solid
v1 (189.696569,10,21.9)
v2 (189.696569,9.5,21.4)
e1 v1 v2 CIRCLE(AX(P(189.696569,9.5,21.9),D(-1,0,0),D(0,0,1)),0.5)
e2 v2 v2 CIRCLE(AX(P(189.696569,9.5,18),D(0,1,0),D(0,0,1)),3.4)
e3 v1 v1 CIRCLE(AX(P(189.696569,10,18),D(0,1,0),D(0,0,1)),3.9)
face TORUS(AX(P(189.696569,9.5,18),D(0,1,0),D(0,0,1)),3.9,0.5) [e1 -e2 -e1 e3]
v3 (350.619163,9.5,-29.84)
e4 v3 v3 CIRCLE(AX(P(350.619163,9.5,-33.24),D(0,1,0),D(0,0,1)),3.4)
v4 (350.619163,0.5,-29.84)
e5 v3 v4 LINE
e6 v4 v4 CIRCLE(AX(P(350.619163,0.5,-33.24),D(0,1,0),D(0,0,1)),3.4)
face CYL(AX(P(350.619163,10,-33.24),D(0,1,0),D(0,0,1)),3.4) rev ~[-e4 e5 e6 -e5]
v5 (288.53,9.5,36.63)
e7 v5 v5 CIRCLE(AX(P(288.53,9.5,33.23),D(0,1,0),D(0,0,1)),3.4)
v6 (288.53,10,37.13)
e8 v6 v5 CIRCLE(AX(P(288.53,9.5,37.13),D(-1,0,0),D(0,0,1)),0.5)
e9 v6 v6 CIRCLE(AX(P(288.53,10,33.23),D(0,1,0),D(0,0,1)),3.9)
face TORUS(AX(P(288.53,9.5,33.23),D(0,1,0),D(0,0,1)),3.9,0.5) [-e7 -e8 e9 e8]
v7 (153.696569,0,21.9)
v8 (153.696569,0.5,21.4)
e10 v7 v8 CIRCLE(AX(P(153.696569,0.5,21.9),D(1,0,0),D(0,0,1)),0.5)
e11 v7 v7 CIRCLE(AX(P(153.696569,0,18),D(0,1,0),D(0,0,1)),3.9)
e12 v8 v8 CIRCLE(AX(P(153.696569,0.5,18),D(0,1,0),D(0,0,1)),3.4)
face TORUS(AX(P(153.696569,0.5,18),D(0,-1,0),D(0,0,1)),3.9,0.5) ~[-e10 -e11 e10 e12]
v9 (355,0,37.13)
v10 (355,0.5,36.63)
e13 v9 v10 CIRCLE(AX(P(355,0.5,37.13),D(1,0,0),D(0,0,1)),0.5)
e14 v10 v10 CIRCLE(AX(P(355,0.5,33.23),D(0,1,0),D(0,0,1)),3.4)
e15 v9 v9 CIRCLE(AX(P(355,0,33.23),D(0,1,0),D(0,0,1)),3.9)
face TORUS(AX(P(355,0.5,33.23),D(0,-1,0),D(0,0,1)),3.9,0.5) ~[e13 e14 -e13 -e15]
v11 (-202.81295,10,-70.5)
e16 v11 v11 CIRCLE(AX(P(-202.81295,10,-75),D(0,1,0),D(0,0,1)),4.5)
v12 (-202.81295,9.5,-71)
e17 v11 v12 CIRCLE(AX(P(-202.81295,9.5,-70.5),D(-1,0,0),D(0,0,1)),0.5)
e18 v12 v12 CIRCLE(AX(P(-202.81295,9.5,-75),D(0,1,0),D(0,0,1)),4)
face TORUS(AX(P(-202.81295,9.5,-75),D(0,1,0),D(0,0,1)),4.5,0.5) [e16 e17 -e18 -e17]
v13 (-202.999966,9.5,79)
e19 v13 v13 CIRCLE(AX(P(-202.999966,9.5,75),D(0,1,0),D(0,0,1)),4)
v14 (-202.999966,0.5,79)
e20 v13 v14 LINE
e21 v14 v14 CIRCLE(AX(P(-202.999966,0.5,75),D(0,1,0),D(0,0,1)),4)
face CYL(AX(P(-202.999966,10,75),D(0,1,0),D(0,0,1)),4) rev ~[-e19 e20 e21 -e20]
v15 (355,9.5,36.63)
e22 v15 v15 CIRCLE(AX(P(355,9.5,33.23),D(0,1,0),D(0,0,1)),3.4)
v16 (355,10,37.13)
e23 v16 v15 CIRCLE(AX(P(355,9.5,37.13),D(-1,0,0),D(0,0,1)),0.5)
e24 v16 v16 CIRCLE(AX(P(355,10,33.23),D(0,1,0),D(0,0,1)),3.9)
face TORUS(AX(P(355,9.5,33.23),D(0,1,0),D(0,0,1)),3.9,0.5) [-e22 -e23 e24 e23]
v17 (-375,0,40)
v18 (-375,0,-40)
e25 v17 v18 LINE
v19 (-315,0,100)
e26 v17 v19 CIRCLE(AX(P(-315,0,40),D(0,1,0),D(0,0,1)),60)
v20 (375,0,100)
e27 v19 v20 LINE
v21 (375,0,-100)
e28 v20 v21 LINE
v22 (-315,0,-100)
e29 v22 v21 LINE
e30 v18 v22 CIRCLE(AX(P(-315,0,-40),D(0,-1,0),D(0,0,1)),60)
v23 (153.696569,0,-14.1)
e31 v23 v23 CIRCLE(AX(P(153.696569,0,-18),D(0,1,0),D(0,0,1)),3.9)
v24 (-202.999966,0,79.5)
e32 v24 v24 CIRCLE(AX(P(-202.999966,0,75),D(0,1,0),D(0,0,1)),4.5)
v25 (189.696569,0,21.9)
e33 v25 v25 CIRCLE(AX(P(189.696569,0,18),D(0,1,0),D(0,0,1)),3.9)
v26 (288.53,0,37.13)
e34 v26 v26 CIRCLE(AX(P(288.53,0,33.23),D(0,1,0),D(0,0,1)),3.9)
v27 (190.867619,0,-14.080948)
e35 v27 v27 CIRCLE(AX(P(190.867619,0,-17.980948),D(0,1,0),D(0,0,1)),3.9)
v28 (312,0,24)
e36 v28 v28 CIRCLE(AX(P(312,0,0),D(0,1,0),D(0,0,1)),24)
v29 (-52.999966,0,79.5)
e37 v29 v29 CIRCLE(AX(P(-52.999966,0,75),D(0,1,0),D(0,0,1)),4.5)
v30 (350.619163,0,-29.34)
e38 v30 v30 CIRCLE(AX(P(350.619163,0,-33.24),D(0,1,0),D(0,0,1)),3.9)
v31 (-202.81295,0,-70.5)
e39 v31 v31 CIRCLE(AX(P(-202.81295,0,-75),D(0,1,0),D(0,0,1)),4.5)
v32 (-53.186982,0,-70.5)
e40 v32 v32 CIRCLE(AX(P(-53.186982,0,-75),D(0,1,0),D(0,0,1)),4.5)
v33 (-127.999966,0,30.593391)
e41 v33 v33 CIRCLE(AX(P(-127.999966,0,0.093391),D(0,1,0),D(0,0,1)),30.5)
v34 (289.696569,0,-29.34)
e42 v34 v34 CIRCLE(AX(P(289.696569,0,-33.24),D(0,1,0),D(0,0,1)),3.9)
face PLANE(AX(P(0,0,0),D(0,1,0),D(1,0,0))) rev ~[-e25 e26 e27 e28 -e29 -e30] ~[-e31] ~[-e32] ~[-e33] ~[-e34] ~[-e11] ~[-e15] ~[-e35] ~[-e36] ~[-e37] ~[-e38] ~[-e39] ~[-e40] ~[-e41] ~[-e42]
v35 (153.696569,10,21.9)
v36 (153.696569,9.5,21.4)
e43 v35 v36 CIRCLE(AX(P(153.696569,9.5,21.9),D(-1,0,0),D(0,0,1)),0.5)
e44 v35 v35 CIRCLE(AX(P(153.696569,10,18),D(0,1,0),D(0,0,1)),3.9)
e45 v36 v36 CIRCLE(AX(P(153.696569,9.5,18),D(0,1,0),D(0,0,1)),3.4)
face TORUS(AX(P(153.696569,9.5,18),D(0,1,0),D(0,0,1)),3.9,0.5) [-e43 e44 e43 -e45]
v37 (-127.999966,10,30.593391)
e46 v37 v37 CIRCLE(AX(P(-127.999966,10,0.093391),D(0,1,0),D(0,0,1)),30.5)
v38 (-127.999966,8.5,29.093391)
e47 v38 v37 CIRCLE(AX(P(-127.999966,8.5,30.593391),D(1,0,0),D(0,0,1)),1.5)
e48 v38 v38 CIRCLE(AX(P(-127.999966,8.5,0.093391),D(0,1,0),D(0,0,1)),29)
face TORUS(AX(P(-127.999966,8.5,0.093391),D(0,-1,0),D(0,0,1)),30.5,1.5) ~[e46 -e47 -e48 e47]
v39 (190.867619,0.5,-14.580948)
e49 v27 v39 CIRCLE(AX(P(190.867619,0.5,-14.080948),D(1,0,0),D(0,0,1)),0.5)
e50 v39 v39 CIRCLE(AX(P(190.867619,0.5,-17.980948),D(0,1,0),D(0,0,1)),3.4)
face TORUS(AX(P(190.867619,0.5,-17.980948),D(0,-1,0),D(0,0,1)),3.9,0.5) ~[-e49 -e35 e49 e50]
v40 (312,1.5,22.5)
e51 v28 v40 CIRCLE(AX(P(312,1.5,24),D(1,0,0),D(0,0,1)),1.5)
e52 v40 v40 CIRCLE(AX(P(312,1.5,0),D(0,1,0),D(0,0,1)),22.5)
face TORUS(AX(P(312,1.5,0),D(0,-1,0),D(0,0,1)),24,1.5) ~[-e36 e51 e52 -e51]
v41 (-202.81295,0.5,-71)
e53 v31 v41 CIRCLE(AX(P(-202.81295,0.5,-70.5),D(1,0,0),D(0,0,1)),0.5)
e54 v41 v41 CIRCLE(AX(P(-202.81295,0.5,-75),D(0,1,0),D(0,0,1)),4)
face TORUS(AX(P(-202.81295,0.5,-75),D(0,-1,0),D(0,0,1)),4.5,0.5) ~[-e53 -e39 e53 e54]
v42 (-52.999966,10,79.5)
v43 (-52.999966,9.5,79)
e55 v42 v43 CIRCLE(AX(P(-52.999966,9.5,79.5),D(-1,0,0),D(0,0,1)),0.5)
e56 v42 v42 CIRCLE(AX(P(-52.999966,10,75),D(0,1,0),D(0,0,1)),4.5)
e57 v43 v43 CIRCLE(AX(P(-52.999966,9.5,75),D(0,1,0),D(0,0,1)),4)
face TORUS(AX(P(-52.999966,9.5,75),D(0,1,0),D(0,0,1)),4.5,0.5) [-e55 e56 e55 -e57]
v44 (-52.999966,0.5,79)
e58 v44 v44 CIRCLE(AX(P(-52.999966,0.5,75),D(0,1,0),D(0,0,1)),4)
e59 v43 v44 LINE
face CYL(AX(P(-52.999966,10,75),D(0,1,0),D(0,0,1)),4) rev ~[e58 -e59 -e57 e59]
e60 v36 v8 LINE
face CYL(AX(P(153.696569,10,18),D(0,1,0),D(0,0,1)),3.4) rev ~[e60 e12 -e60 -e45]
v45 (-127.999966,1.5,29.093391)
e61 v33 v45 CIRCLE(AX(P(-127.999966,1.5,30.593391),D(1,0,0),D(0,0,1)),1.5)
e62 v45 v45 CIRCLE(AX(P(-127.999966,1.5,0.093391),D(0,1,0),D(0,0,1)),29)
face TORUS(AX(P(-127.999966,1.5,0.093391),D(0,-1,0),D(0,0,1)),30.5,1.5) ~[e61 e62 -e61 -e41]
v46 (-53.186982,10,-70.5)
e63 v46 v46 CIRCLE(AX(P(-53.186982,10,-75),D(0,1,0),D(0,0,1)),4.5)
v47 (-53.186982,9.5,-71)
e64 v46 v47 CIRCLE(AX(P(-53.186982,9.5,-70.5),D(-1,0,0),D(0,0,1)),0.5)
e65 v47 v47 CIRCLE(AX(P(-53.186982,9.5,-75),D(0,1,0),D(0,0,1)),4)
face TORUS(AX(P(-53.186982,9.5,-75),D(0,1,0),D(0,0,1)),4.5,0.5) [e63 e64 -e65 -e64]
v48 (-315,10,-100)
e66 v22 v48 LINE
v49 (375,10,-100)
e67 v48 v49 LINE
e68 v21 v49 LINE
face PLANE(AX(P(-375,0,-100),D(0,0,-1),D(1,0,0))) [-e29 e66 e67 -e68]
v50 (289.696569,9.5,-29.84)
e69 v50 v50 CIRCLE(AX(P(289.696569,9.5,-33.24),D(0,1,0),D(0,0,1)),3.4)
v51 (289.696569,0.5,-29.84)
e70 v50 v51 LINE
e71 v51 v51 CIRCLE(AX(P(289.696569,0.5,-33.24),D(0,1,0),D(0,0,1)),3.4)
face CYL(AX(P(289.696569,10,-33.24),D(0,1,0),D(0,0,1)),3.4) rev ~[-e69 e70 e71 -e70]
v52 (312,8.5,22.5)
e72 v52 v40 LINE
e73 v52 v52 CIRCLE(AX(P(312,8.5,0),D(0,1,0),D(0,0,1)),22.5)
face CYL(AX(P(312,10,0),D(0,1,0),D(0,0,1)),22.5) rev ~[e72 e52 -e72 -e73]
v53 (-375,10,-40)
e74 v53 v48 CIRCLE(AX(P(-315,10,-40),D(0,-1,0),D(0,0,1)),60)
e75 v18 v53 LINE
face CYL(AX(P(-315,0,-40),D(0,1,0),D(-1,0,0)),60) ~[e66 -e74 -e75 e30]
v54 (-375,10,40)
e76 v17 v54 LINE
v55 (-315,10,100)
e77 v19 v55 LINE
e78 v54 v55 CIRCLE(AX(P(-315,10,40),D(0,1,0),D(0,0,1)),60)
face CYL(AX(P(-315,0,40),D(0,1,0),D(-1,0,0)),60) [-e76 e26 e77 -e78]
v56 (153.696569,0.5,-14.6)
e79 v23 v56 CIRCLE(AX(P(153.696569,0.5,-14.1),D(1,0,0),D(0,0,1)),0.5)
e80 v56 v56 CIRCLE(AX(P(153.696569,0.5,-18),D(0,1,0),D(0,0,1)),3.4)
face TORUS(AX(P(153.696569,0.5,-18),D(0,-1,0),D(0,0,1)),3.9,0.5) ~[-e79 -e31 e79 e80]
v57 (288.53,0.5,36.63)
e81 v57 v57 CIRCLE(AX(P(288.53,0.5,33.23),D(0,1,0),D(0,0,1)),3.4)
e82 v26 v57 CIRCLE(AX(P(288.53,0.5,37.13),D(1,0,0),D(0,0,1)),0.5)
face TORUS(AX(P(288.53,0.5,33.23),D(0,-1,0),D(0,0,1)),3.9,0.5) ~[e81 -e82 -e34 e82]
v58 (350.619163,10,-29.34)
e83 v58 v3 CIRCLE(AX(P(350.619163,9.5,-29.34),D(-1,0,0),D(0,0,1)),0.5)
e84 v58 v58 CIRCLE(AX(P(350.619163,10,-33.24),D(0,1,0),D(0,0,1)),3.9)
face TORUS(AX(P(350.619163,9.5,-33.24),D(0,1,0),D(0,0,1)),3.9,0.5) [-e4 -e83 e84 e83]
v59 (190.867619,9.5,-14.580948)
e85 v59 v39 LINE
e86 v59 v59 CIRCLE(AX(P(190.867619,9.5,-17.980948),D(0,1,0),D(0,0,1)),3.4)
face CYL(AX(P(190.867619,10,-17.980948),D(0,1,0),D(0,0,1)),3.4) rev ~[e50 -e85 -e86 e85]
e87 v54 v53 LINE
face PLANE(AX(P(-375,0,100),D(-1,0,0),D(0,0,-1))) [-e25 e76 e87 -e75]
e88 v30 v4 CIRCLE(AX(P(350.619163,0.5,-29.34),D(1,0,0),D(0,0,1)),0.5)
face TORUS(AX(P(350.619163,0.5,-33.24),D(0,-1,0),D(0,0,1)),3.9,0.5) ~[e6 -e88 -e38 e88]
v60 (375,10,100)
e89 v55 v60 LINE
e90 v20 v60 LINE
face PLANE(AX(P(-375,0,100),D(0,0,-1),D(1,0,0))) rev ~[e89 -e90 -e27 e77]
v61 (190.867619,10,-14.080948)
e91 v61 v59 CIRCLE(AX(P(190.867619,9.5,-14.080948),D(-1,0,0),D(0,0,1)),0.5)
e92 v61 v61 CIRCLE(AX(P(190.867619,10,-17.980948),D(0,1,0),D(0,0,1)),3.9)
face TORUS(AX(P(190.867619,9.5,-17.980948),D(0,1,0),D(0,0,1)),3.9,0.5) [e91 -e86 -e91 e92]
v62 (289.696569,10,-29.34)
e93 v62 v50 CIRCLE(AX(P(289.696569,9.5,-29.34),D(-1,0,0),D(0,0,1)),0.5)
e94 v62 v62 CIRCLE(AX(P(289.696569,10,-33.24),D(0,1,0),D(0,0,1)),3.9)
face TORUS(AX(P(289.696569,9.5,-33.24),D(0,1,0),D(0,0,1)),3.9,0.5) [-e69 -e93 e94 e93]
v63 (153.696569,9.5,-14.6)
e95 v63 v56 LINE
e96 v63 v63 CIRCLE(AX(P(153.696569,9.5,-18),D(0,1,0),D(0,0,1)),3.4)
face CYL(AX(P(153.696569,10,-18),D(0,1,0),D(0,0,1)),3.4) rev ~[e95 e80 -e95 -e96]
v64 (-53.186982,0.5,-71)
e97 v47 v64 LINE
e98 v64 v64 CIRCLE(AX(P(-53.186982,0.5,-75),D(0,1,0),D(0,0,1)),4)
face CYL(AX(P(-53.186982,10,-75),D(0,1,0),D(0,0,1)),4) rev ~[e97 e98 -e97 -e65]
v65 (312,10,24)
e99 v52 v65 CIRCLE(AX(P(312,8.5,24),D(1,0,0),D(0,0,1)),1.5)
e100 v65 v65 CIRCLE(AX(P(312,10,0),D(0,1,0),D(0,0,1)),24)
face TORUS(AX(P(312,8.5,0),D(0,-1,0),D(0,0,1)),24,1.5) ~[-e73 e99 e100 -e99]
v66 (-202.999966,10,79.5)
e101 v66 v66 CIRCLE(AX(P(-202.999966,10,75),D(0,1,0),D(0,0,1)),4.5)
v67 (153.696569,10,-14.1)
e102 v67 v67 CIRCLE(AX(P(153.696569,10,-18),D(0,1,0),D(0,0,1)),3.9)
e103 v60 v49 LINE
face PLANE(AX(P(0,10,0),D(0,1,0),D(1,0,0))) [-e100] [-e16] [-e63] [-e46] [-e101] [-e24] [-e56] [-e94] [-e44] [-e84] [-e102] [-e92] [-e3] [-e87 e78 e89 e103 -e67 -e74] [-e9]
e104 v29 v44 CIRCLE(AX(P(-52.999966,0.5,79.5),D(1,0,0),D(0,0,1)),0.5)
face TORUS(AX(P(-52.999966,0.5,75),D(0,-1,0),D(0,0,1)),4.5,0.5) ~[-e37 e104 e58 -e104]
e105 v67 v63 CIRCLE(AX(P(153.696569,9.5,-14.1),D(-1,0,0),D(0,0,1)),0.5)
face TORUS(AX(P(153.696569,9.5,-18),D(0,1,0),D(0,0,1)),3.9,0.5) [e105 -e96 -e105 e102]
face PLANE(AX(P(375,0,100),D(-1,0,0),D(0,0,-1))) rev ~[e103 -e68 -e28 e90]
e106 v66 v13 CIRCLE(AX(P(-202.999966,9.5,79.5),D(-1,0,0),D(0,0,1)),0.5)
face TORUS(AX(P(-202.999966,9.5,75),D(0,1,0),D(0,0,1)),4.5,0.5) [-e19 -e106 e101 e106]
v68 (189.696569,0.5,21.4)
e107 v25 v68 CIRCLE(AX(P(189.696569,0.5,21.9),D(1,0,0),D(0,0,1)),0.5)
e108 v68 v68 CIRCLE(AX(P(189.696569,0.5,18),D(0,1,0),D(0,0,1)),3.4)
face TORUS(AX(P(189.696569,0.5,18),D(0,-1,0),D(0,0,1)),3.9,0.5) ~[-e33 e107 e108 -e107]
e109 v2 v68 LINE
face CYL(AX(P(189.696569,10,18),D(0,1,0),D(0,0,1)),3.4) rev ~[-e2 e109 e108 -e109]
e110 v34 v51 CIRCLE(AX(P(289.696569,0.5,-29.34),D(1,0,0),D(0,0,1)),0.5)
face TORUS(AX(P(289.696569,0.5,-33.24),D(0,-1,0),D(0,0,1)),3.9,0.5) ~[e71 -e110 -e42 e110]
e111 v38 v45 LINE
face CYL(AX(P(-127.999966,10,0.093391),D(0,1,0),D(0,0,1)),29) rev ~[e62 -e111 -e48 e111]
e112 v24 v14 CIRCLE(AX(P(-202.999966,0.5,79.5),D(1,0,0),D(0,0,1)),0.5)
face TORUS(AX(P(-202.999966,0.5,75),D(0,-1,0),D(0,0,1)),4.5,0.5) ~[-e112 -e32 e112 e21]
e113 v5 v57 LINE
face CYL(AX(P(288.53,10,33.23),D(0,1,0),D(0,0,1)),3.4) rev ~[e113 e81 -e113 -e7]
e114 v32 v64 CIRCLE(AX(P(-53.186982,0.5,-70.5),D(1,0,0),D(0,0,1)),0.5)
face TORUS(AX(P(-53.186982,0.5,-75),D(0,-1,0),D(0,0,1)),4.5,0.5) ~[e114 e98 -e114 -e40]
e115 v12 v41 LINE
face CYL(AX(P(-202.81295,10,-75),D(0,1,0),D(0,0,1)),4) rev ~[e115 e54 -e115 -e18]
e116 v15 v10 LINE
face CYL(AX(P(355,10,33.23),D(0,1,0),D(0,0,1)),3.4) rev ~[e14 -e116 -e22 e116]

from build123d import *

# Parameters (mm, degrees)
SKETCH3_W           = 750
SKETCH3_H           = 200
BOSS_EXTRUDE1_DEPTH = 10
SKETCH6_R           = 29
SKETCH6_R_2         = 3.4
SKETCH6_R_3         = 22.5
SKETCH6_R_4         = 4
CUT_EXTRUDE1_DEPTH  = 20
FILLET6_R           = 60
FILLET7_R           = 0.5
FILLET8_R           = 1.5


with BuildPart() as part:
    # Sketch3 → Boss-Extrude1 (new body)
    with BuildSketch(Plane(origin=(0, 0, 0), x_dir=(1, 0, 0), z_dir=(0, 1, 0))):
        Rectangle(SKETCH3_W, SKETCH3_H)
    extrude(amount=BOSS_EXTRUDE1_DEPTH)

    # Sketch6 → Cut-Extrude1 (cut)
    with BuildSketch(Plane(origin=(0, 10, 0), x_dir=(1, 0, 0), z_dir=(0, 1, 0))):
        with Locations(Location((-127.99996593, -0.09339148, 0), (0, 0, 270))):
            Circle(SKETCH6_R)
        with Locations(Location((153.696568915, -18, 0), (0, 0, 270))):
            Circle(SKETCH6_R_2)
        with Locations(Location((153.696568915, 18, 0), (0, 0, 270))):
            Circle(SKETCH6_R_2)
        with Locations(Location((190.867618998, 17.980948316, 0), (0, 0, 270))):
            Circle(SKETCH6_R_2)
        with Locations(Location((189.696568915, -18, 0), (0, 0, 270))):
            Circle(SKETCH6_R_2)
        with Locations(Location((288.53, -33.23, 0), (0, 0, 270))):
            Circle(SKETCH6_R_2)
        with Locations(Location((289.696568915, 33.24, 0), (0, 0, 270))):
            Circle(SKETCH6_R_2)
        with Locations(Location((350.619163081, 33.24, 0), (0, 0, 270))):
            Circle(SKETCH6_R_2)
        with Locations(Location((355, -33.23, 0), (0, 0, 270))):
            Circle(SKETCH6_R_2)
        with Locations(Location((312, 0, 0), (0, 0, 270))):
            Circle(SKETCH6_R_3)
        with Locations(Location((-52.99996593, -75, 0), (0, 0, 270))):
            Circle(SKETCH6_R_4)
        with Locations(Location((-202.99996593, -75, 0), (0, 0, 270))):
            Circle(SKETCH6_R_4)
        with Locations(Location((-202.812949803, 75, 0), (0, 0, 270))):
            Circle(SKETCH6_R_4)
        with Locations(Location((-53.186982056, 75, 0), (0, 0, 270))):
            Circle(SKETCH6_R_4)
    extrude(amount=-CUT_EXTRUDE1_DEPTH, mode=Mode.SUBTRACT)

    # Fillet6
    fillet6_edges = [part.edges().sort_by_distance(p)[0] for p in [
        (-375, 5, 100),
        (-375, 5, -100),
    ]]
    fillet(fillet6_edges, radius=FILLET6_R)

    # Fillet7
    fillet7_edges = [part.edges().sort_by_distance(p)[0] for p in [
        (153.696568915, 0, -21.4),
        (153.696568915, 10, -21.4),
        (153.696568915, 0, 14.6),
        (153.696568915, 10, 14.6),
        (190.867618998, 0, -21.380948316),
        (190.867618998, 10, -21.380948316),
        (189.696568915, 0, 14.6),
        (189.696568915, 10, 14.6),
        (288.53, 0, 29.83),
        (288.53, 10, 29.83),
        (289.696568915, 0, -36.64),
        (289.696568915, 10, -36.64),
        (350.619163081, 0, -36.64),
        (350.619163081, 10, -36.64),
        (355, 0, 29.83),
        (355, 10, 29.83),
        (-53.186982056, 0, -79),
        (-53.186982056, 10, -79),
        (-202.812949803, 0, -79),
        (-202.812949803, 10, -79),
        (-202.99996593, 0, 71),
        (-202.99996593, 10, 71),
        (-52.99996593, 0, 71),
        (-52.99996593, 10, 71),
    ]]
    fillet(fillet7_edges, radius=FILLET7_R)

    # Fillet8
    fillet8_edges = [part.edges().sort_by_distance(p)[0] for p in [
        (312, 0, -22.5),
        (312, 10, -22.5),
        (-127.99996593, 0, -28.90660852),
        (-127.99996593, 10, -28.90660852),
    ]]
    fillet(fillet8_edges, radius=FILLET8_R)


solid = part.part
